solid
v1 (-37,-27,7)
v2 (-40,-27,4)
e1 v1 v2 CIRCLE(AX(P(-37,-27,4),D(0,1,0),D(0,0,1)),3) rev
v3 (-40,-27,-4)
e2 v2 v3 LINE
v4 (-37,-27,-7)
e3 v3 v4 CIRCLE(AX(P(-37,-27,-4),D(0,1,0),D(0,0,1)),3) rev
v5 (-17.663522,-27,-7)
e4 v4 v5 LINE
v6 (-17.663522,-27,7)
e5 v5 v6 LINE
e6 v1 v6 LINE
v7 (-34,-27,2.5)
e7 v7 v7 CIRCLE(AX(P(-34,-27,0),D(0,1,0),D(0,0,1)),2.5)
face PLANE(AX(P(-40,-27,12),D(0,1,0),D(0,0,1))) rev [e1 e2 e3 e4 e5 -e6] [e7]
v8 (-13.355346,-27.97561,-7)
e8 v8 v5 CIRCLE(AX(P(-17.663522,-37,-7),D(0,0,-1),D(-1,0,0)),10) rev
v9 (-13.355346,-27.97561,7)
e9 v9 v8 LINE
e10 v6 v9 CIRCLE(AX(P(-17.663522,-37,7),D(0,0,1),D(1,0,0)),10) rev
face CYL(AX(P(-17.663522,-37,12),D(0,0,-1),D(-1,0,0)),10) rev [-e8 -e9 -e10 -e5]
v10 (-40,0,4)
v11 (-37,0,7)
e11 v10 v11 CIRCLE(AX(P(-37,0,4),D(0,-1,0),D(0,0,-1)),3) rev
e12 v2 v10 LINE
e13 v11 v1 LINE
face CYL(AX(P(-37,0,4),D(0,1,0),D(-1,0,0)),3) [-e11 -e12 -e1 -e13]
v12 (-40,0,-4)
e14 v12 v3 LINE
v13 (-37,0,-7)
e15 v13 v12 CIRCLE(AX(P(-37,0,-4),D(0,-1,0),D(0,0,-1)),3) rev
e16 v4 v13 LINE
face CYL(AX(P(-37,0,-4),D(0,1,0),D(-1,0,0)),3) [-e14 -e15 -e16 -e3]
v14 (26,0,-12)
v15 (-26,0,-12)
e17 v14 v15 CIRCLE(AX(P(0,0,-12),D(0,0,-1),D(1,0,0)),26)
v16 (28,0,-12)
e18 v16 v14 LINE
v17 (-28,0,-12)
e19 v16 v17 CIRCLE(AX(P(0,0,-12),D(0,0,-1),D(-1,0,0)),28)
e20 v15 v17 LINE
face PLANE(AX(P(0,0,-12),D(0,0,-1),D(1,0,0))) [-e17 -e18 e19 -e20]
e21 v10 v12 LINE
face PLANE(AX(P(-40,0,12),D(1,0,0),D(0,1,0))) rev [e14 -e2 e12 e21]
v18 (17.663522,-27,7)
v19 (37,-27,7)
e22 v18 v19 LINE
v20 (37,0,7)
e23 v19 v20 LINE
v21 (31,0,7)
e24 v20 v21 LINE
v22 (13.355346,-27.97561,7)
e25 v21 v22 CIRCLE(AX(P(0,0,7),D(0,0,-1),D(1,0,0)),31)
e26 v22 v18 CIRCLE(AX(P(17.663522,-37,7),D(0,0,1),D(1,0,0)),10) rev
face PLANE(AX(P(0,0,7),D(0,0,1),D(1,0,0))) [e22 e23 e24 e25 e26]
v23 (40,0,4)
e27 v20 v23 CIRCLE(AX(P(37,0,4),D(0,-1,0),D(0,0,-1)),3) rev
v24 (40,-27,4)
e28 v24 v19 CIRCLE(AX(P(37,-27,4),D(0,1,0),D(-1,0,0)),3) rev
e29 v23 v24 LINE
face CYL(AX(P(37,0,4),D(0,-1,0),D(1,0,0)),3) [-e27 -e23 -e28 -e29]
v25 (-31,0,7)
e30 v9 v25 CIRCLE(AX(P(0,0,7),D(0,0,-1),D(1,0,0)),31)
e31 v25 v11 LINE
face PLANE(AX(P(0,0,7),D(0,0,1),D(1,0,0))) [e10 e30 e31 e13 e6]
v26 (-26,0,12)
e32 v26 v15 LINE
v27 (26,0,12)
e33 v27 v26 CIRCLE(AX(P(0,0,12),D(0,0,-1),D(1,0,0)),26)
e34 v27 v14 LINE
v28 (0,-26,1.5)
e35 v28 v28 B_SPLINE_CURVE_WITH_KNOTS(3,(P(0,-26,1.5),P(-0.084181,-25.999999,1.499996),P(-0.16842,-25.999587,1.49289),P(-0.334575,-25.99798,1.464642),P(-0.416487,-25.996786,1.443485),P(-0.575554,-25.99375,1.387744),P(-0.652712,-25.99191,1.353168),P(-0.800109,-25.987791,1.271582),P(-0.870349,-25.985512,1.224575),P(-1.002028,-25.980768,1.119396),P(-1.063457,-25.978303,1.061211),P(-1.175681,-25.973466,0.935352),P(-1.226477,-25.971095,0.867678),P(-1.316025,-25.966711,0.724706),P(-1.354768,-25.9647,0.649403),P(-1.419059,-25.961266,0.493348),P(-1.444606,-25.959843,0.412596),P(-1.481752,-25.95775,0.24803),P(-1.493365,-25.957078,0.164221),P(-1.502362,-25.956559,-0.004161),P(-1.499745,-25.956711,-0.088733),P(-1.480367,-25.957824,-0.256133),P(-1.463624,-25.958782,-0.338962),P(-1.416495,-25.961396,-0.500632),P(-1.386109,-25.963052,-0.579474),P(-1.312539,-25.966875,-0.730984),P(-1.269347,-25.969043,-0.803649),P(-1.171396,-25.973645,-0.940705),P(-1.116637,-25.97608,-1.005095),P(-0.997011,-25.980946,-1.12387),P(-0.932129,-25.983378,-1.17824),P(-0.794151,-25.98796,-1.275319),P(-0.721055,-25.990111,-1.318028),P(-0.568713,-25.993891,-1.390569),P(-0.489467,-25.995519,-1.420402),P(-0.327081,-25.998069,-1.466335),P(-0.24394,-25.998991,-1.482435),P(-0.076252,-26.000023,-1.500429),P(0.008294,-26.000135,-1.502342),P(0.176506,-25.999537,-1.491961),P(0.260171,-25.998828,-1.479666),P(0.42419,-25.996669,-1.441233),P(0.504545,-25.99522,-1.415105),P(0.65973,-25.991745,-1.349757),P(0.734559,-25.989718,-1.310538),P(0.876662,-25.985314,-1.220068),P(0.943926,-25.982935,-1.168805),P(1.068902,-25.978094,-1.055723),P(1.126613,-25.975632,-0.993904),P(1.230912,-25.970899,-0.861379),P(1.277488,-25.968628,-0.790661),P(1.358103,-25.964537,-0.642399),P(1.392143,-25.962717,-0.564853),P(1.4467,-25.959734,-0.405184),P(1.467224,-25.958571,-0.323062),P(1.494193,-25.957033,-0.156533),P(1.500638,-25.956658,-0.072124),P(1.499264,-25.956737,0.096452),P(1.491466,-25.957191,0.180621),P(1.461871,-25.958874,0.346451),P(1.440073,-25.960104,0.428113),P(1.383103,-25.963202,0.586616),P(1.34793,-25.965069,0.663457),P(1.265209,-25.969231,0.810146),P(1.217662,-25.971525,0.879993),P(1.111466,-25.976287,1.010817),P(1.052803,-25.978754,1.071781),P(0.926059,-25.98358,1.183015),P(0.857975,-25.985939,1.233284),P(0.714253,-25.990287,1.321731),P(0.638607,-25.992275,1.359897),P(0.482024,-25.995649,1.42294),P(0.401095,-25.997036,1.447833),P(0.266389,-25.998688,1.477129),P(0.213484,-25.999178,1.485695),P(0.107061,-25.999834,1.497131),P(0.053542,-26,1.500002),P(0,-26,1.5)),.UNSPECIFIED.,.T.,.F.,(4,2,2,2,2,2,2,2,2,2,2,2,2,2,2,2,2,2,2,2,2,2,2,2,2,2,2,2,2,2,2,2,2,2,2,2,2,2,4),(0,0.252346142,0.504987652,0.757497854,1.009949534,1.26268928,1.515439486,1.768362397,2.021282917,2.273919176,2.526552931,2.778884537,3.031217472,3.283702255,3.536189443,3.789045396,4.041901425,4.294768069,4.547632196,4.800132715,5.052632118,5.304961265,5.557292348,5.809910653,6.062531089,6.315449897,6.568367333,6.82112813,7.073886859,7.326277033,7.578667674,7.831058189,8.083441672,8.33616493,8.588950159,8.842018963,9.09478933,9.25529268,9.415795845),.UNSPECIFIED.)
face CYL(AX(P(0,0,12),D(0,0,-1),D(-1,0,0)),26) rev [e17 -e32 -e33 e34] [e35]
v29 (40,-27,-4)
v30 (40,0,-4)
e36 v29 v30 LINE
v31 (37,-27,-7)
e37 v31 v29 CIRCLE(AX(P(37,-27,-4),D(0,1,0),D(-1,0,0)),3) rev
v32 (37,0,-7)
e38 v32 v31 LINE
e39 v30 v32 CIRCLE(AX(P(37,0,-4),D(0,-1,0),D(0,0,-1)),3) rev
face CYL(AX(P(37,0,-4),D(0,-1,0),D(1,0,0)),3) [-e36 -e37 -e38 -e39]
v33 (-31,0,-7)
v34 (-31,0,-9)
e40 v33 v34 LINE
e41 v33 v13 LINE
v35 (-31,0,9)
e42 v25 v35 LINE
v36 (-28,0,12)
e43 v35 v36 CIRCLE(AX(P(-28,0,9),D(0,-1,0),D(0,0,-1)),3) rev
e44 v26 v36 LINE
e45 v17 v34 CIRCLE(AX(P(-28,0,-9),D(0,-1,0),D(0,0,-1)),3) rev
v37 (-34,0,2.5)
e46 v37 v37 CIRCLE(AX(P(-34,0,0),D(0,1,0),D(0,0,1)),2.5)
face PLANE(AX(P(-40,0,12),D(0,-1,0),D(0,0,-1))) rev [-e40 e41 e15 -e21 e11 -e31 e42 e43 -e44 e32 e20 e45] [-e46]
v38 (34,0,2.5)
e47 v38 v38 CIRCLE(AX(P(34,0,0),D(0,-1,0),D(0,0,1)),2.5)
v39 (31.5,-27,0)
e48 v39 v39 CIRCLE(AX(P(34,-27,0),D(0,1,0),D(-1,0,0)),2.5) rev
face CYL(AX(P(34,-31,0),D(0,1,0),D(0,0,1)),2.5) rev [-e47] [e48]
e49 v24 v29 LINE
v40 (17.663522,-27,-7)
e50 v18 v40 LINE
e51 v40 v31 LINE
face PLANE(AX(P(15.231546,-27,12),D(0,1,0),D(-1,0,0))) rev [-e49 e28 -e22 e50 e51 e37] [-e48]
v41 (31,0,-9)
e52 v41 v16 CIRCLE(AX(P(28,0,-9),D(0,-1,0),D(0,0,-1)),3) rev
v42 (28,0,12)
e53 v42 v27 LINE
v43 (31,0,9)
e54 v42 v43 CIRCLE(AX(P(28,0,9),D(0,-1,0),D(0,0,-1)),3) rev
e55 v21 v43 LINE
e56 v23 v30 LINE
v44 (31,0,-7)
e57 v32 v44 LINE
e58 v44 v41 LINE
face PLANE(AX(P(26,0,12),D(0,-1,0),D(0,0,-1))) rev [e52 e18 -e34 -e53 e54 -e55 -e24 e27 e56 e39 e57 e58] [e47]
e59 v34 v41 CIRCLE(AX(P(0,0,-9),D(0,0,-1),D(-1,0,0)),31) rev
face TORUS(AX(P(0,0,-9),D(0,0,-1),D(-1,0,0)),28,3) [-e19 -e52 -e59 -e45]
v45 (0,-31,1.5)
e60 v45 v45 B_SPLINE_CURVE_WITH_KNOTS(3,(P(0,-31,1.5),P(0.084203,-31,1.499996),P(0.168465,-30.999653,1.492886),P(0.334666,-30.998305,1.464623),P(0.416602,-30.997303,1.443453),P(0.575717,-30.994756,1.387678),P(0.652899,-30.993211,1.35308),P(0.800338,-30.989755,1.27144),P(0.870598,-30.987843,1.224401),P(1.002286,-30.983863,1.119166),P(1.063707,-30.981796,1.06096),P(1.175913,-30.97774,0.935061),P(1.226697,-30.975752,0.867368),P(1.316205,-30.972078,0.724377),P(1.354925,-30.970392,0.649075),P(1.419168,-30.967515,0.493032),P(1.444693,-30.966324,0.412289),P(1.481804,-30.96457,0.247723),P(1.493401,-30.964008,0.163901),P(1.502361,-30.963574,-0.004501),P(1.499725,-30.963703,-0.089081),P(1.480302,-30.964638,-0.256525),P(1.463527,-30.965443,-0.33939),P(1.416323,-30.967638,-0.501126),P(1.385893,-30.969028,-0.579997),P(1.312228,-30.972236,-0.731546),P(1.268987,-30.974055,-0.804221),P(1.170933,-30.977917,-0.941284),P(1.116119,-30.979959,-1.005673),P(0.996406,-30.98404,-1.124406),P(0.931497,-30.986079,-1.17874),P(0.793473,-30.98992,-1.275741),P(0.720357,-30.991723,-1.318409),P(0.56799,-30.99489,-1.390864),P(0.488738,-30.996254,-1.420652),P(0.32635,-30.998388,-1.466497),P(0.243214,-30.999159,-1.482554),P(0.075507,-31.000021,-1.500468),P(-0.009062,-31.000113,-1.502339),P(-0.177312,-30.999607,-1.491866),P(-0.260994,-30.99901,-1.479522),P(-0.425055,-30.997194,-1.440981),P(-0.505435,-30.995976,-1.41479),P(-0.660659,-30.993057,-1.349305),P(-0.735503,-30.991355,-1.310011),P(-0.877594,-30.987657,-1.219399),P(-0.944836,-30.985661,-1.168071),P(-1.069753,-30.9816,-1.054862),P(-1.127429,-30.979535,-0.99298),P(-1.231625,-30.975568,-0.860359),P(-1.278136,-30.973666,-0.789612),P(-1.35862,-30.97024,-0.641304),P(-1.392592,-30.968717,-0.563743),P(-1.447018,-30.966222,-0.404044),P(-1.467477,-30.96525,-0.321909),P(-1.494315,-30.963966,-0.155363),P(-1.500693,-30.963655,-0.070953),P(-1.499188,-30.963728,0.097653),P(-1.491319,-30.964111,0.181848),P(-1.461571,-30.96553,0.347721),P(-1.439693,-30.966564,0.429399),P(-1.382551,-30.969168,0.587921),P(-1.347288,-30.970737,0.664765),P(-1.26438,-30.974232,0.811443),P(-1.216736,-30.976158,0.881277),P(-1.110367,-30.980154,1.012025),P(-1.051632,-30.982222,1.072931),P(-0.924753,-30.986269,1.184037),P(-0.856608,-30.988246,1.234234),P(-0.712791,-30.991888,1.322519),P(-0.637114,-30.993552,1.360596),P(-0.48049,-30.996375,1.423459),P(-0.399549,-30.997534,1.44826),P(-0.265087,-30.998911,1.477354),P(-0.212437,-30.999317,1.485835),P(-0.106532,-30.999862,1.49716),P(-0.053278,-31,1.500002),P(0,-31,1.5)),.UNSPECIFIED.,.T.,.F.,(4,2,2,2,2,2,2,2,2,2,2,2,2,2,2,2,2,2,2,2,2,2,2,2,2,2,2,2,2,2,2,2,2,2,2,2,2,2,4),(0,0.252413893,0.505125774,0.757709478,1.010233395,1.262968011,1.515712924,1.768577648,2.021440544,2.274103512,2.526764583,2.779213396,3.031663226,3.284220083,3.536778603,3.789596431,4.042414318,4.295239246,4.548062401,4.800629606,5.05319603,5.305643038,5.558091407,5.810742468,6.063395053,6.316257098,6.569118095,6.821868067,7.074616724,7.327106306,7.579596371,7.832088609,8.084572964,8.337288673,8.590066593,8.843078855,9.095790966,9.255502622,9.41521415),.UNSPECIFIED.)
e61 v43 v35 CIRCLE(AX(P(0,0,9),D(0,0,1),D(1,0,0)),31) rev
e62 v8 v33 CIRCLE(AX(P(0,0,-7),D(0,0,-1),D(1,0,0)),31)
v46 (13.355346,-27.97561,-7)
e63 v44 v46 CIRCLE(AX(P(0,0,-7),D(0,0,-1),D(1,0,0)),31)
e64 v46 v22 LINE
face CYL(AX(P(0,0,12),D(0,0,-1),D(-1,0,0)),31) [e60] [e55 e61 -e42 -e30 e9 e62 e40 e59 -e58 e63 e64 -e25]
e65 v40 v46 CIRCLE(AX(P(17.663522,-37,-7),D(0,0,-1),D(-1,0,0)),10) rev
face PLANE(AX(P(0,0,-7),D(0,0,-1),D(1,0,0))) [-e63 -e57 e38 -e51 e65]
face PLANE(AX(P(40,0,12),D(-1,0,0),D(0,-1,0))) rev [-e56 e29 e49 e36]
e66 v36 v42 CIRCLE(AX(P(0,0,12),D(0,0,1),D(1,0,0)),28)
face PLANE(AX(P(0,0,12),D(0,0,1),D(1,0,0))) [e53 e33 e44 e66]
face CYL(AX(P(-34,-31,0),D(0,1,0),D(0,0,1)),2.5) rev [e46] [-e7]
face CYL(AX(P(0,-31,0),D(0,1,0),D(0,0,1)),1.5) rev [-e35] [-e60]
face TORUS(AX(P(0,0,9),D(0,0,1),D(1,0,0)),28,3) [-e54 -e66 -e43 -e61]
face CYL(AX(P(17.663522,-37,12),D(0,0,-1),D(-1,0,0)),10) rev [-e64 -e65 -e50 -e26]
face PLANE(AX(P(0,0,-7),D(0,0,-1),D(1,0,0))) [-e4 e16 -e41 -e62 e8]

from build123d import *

# Parameters (mm, degrees)
EXTRUDE_1_DEPTH     = 12
CUT_EXTRUDE_START   = -5
CUT_EXTRUDE_1_DEPTH = 5
FILLET_1_R          = 3
SKETCH_3_R          = 2.500000000000002
CUT_EXTRUDE_2_DEPTH = 53.009614555387756
SKETCH_4_R          = 1.5
CUT_EXTRUDE_3_DEPTH = 53.009614555387756
FILLET_2_R          = 10


with BuildPart() as part:
    # 草图1 → 拉伸1 (new body)
    with BuildSketch(Plane.XY):
        with BuildLine():
            Line((26.000000000000004, 0), (40.00000000000001, 0))
            Line((40.00000000000001, 0), (40.000000000000014, -27))
            Line((40.000000000000014, -27), (15.231546211727823, -26.99999999999999))
            ThreePointArc((15.231546211727823, -26.99999999999999), (8.78e-15, -31), (-15.231546211727816, -27))
            Line((-15.231546211727816, -27), (-39.999999999999986, -27))
            Line((-39.999999999999986, -27), (-39.99999999999999, 0))
            Line((-39.99999999999999, 0), (-26.000000000000004, 0))
            ThreePointArc((-26.000000000000004, 0), (-4.78e-15, -26.000000000000004), (26.000000000000004, 0))
        make_face()
    extrude(amount=EXTRUDE_1_DEPTH)

    # 草图2 → 切除-拉伸1 (cut)
    with BuildSketch(Plane.XY.offset(12).offset(CUT_EXTRUDE_START)):
        with BuildLine():
            Line((-39.999999999999986, -27), (-15.231546211727814, -26.999999999999996))
            ThreePointArc((-15.231546211727814, -26.999999999999996), (-26.769179409944208, -15.633650684284165), (-30.999999999999993, 0))
            Line((-30.999999999999993, 0), (-39.99999999999999, 0))
            Line((-39.99999999999999, 0), (-39.999999999999986, -27))
        make_face()
        with BuildLine():
            Line((40.00000000000001, 0), (30.999999999999993, 0))
            ThreePointArc((30.999999999999993, 0), (26.769179409944208, -15.633650684284161), (15.231546211727823, -26.99999999999999))
            Line((15.231546211727823, -26.99999999999999), (40.000000000000014, -27))
            Line((40.000000000000014, -27), (40.00000000000001, 0))
        make_face()
    extrude(amount=CUT_EXTRUDE_1_DEPTH, mode=Mode.SUBTRACT)

    # 镜向1: part across plane


with BuildPart() as part_1:
    add(part.part)
    add(part.part.mirror(Plane.XY))

    # 圆角1
    fillet_1_edges = [part_1.edges().sort_by_distance(p)[0] for p in [
        (3.232e-14, -30.99999999999998, 12),
        (-39.999999999999986, -13.5, 7),
        (40.000000000000014, -13.5, 7),
        (40.000000000000014, -13.5, -7),
        (-39.999999999999986, -13.5, -7),
        (3.232e-14, -30.99999999999998, -12),
    ]]
    fillet(fillet_1_edges, radius=FILLET_1_R)

    # 草图3 → 切除-拉伸2 (cut, through all)
    with BuildSketch(Plane(origin=(0, 0, 0), x_dir=(1, 0, 0), z_dir=(0, 1, 0))):
        with Locations(Location((-33.99999999999999, 0, 0), (0, 0, 270))):
            Circle(SKETCH_3_R)
    cut_extrude_2 = extrude(amount=-CUT_EXTRUDE_2_DEPTH, mode=Mode.SUBTRACT)

    # 镜向2: 切除-拉伸2 across plane
    add(cut_extrude_2.mirror(Plane(origin=(0, 0, 0), x_dir=(0, 0, 1), z_dir=(1, 0, 0))), mode=Mode.SUBTRACT)

    # 草图4 → 切除-拉伸3 (cut, through all)
    with BuildSketch(Plane(origin=(0, 0, 0), x_dir=(1, 0, 0), z_dir=(0, 1, 0))):
        with Locations(Location((0, 0, 0), (0, 0, 270))):
            Circle(SKETCH_4_R)
    extrude(amount=-CUT_EXTRUDE_3_DEPTH, mode=Mode.SUBTRACT)

    # 圆角2
    fillet_2_edges = [part_1.edges().sort_by_distance(p)[0] for p in [
        (-15.231546211727814, -26.999999999999996, 0),
        (15.23154621172782, -26.999999999999986, 0),
    ]]
    fillet(fillet_2_edges, radius=FILLET_2_R)


solid = part_1.part
